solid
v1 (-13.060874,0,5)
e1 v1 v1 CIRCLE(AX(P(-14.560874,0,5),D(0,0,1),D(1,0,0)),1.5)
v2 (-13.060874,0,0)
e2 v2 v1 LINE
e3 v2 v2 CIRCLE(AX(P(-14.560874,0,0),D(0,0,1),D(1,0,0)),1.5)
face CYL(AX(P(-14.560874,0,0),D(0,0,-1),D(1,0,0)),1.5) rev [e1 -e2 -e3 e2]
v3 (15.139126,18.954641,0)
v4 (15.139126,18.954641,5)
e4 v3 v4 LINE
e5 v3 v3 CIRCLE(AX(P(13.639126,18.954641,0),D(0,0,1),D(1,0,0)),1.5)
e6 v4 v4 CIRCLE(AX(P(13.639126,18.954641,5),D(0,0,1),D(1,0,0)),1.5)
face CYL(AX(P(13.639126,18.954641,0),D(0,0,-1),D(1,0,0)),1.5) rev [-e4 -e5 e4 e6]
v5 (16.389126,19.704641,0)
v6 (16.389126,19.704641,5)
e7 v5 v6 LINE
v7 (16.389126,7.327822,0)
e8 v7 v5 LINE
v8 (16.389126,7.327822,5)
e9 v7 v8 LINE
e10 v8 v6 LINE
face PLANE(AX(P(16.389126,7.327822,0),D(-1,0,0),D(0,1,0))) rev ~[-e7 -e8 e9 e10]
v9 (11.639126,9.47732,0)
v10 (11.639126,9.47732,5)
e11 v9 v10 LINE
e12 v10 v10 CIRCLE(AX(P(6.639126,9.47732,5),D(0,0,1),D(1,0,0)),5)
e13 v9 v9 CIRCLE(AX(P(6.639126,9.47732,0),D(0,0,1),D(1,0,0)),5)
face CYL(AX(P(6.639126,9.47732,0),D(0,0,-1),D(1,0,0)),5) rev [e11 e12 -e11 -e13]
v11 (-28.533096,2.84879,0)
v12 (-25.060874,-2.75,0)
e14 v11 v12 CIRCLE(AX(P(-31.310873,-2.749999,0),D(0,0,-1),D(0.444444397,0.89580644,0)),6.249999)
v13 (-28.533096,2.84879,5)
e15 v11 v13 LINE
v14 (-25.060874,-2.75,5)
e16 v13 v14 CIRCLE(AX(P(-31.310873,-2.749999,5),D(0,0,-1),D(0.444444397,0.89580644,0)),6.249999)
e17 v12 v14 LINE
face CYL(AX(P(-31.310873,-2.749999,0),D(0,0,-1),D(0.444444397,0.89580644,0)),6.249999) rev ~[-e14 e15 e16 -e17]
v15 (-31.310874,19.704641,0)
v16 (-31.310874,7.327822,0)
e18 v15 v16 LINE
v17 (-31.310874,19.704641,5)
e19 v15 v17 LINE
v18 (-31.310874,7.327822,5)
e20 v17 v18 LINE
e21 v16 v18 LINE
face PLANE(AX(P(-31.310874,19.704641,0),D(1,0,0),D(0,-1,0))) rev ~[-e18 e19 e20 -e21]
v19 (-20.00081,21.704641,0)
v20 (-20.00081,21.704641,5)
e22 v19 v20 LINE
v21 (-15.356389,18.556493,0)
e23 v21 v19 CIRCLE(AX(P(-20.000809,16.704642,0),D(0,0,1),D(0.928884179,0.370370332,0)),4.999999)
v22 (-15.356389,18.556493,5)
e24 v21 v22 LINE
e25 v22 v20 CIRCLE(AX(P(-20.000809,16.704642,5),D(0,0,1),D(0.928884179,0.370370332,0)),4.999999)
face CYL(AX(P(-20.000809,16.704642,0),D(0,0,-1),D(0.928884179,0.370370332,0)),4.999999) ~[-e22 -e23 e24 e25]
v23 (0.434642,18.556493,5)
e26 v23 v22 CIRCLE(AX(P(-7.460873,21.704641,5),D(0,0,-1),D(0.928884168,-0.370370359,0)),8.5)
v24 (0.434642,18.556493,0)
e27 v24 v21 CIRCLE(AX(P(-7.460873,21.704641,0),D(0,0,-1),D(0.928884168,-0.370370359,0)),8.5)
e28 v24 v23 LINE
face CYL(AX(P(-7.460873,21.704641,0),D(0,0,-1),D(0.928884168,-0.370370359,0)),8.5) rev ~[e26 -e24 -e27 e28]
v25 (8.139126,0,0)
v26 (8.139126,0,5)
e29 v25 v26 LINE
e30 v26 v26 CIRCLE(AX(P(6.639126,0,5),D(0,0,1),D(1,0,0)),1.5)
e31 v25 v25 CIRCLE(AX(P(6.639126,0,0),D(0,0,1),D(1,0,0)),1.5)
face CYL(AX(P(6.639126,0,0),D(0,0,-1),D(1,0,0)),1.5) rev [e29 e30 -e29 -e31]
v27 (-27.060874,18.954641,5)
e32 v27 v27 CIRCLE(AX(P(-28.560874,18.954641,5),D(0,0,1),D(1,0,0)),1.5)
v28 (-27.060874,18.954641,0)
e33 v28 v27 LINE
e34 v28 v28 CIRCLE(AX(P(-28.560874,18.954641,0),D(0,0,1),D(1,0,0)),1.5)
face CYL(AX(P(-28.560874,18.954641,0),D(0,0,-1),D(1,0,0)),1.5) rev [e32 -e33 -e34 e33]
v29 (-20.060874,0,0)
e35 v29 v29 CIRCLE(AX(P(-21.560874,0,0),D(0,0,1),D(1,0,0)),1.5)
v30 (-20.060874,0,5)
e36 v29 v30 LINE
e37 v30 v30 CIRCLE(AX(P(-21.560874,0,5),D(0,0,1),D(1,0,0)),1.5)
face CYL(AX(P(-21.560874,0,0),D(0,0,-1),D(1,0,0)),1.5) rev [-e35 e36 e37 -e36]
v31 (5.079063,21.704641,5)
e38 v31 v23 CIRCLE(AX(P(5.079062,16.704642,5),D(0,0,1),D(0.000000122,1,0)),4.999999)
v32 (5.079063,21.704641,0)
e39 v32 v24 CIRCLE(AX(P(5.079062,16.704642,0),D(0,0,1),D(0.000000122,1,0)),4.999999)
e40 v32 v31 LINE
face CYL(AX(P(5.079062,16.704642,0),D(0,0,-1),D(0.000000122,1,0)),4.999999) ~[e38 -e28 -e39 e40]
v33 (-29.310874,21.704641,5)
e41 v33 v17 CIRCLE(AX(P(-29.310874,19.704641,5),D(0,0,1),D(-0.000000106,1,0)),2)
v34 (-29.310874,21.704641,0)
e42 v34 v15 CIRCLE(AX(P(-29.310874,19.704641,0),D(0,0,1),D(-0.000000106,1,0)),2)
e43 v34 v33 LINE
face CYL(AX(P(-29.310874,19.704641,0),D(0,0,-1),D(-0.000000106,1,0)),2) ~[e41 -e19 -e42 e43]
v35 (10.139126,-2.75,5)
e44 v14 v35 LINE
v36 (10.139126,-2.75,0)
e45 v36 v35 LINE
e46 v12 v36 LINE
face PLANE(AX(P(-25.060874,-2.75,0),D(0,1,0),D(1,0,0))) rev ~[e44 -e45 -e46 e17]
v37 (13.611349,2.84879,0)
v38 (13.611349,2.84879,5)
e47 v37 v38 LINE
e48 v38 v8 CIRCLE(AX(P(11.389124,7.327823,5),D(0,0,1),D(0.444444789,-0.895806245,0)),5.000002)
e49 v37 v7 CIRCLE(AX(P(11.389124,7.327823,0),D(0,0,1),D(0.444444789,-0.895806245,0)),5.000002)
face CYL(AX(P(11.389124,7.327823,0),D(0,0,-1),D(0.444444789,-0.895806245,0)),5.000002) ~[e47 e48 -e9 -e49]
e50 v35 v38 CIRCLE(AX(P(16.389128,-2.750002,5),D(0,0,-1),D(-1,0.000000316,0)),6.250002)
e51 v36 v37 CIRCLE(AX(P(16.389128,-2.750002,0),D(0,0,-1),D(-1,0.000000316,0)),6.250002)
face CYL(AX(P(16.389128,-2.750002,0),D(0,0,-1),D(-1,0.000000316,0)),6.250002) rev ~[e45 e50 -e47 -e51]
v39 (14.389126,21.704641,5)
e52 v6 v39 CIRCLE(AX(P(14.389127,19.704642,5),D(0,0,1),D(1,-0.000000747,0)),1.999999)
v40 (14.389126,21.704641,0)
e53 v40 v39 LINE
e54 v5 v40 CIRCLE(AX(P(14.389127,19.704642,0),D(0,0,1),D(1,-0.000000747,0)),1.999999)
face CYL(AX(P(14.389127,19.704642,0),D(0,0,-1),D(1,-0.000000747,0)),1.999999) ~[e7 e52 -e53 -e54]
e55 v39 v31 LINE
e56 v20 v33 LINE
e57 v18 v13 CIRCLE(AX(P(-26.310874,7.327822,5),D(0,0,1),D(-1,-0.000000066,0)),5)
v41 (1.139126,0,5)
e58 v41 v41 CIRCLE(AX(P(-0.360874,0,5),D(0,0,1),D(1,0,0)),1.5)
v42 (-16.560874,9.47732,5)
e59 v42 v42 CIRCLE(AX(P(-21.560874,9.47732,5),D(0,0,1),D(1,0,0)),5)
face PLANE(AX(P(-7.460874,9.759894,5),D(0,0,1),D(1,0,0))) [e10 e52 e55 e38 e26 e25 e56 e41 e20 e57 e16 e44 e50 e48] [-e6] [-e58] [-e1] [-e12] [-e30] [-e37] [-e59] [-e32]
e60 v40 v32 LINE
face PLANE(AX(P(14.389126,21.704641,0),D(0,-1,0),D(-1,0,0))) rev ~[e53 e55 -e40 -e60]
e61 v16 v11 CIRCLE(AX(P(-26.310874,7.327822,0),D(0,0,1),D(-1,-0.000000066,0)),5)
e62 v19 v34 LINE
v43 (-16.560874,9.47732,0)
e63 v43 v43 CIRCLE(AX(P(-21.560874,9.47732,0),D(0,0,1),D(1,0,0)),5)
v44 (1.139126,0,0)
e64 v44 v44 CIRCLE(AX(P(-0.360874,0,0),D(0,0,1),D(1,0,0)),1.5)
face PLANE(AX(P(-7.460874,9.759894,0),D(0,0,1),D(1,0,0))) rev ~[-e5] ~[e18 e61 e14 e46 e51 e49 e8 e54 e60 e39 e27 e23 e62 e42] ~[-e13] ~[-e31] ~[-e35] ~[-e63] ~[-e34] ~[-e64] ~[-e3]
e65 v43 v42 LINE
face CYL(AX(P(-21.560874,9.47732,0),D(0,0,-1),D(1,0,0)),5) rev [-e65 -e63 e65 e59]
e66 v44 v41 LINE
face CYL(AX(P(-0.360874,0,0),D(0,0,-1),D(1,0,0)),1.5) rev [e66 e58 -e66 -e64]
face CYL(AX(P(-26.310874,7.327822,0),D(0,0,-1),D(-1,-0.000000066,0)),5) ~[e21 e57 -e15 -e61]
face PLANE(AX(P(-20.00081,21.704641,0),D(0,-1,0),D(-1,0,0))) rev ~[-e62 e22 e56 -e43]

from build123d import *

# Parameters (mm, degrees)
F0_R     = 1.5
F0_R_2   = 5
F1_DEPTH = 5


with BuildPart() as f1:
    # F0 (on Top) → F1 (new body)
    with BuildSketch(Plane.XY):
        with BuildLine():
            ThreePointArc((16.389126, 19.704641), (15.80334, 21.118855), (14.389126, 21.704641))
            Line((14.389126, 21.704641), (5.079063, 21.704641))
            ThreePointArc((5.079063, 21.704641), (2.273645, 20.843437), (0.434642, 18.556493))
            ThreePointArc((0.434642, 18.556493), (-7.460874, 13.204641), (-15.356389, 18.556493))
            ThreePointArc((-15.356389, 18.556493), (-17.195392, 20.843437), (-20.00081, 21.704641))
            Line((-20.00081, 21.704641), (-29.310874, 21.704641))
            ThreePointArc((-29.310874, 21.704641), (-30.725087, 21.118855), (-31.310874, 19.704641))
            Line((-31.310874, 19.704641), (-31.310874, 7.327822))
            ThreePointArc((-31.310874, 7.327822), (-30.560057, 4.692591), (-28.533096, 2.84879))
            ThreePointArc((-28.533096, 2.84879), (-25.999395, 0.544039), (-25.060874, -2.75))
            Line((-25.060874, -2.75), (10.139126, -2.75))
            ThreePointArc((10.139126, -2.75), (11.077648, 0.544039), (13.611349, 2.84879))
            ThreePointArc((13.611349, 2.84879), (15.638309, 4.692591), (16.389126, 7.327822))
            Line((16.389126, 7.327822), (16.389126, 19.704641))
        make_face()
        with Locations((-21.560874, 0)):
            Circle(F0_R, mode=Mode.SUBTRACT)
        with Locations((-14.560874, 0)):
            Circle(F0_R, mode=Mode.SUBTRACT)
        with Locations((-21.560874, 9.47732)):
            Circle(F0_R_2, mode=Mode.SUBTRACT)
        with Locations((-0.360874, 0)):
            Circle(F0_R, mode=Mode.SUBTRACT)
        with Locations((6.639126, 0)):
            Circle(F0_R, mode=Mode.SUBTRACT)
        with Locations((-28.560874, 18.954641)):
            Circle(F0_R, mode=Mode.SUBTRACT)
        with Locations((6.639126, 9.47732)):
            Circle(F0_R_2, mode=Mode.SUBTRACT)
        with Locations((13.639126, 18.954641)):
            Circle(F0_R, mode=Mode.SUBTRACT)
    extrude(amount=F1_DEPTH)


solid = f1.part
